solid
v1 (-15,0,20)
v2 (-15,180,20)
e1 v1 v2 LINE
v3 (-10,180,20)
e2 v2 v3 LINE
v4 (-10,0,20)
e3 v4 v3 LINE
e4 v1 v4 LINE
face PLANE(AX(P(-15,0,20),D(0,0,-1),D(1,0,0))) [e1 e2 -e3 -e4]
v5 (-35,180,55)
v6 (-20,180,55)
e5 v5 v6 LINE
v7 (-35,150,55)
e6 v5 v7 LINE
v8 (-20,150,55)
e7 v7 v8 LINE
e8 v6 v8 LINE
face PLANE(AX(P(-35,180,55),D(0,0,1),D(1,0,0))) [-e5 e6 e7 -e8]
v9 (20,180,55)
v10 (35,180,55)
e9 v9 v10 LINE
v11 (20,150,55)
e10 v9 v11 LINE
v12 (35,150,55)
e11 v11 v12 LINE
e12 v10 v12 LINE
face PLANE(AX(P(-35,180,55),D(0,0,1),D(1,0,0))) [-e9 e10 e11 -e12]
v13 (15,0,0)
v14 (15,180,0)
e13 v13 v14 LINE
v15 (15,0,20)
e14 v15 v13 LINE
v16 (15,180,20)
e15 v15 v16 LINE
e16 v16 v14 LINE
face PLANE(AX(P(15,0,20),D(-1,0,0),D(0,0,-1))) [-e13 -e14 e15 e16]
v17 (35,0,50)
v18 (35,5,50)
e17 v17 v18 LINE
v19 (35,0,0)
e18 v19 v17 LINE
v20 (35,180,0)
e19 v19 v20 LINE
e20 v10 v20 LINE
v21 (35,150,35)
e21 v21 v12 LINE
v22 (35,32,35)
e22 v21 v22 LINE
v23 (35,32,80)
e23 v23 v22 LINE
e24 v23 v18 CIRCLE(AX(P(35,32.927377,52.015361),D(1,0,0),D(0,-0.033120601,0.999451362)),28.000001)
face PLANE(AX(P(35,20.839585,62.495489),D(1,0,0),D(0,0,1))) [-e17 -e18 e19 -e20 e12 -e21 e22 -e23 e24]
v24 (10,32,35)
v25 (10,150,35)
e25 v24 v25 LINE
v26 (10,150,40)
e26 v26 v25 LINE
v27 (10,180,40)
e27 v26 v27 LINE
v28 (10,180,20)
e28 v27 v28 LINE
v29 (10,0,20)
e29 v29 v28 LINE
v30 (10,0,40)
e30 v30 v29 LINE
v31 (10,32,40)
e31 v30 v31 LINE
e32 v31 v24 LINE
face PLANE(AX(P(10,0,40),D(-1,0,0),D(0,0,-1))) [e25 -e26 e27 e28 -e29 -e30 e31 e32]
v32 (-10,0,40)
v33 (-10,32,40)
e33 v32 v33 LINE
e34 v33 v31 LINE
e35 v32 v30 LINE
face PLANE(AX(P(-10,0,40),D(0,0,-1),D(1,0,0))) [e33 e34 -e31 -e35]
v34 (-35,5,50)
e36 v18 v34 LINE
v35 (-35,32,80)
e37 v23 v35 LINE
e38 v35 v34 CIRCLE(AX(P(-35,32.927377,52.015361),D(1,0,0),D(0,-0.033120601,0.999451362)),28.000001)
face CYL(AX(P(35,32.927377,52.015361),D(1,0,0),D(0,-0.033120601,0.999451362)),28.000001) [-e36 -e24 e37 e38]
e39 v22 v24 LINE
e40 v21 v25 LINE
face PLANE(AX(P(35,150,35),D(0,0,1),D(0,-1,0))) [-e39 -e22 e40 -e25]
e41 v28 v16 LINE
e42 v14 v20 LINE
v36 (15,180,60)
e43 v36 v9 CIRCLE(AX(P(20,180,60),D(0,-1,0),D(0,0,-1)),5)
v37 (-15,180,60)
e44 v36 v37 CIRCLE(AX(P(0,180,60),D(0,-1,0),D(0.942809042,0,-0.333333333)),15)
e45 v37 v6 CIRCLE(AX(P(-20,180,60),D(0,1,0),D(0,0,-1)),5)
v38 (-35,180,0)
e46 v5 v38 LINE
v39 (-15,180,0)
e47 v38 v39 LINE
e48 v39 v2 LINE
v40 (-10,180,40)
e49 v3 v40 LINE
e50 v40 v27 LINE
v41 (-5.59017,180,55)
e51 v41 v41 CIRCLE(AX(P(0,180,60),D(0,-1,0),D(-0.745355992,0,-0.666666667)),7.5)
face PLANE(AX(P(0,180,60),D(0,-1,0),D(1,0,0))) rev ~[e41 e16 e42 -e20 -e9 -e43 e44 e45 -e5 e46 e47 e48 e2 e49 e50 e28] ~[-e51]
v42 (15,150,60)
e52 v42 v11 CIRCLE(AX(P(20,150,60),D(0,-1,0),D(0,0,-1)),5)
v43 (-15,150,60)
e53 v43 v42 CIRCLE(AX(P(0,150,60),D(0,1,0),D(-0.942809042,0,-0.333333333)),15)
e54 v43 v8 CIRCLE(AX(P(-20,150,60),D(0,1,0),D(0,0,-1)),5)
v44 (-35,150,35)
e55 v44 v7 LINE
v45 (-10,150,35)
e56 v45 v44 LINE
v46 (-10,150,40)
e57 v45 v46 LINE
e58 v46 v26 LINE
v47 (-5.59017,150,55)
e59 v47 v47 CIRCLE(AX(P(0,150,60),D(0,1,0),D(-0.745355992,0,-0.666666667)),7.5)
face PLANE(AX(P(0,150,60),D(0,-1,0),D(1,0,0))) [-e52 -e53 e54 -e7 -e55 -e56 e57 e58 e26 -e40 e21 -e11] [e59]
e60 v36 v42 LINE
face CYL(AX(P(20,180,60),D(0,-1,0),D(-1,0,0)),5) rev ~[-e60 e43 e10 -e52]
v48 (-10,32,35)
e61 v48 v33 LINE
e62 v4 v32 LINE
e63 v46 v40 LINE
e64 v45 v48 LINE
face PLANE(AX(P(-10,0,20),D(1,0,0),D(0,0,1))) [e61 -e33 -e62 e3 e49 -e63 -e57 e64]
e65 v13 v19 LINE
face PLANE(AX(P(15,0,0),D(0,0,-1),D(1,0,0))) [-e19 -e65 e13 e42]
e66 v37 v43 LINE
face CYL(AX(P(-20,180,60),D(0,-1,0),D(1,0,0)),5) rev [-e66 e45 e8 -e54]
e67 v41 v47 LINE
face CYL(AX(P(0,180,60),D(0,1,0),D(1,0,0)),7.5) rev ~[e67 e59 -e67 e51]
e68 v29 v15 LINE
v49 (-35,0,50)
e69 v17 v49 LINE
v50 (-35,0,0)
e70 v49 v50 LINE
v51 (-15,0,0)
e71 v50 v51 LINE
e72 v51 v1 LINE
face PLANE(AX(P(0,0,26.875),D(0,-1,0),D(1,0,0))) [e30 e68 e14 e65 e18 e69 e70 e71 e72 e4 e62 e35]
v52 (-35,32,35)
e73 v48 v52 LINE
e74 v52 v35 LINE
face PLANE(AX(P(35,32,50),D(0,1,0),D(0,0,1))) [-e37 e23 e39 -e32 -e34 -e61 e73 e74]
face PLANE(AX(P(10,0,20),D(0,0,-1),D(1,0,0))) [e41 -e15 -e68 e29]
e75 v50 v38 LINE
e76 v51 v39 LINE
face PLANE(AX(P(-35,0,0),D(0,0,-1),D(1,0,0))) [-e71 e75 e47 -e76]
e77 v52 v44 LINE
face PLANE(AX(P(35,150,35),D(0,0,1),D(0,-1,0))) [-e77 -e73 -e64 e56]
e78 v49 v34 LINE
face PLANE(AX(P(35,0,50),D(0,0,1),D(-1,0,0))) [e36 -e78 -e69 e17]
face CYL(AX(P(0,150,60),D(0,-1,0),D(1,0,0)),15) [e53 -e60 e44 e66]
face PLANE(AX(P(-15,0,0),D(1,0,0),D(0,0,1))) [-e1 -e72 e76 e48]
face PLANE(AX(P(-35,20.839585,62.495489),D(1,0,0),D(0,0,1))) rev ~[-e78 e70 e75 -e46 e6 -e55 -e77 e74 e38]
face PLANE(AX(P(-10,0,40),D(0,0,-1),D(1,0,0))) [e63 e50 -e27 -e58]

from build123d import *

# Parameters (mm, degrees)
PAD_DEPTH       = 180
SKETCH001_W     = 29.620193
SKETCH001_H     = 118
POCKET_DEPTH    = 70.001
SKETCH002_W     = 70
SKETCH002_H     = 7.16013
PAD001_DEPTH    = 30
SKETCH003_R     = 15
SKETCH003_R_2   = 7.5
PAD002_DEPTH    = 30
FILLET_R        = 5
FILLET001_R     = 5
SKETCH004_R     = 7.5
POCKET001_DEPTH = 30
PAD003_DEPTH    = 70


with BuildPart() as part:
    # Sketch → Pad (new body)
    with BuildSketch(Plane.XZ):
        Polygon((15, 0), (35, 0), (35, 50), (-35, 50), (-35, 0), (-15, 0), (-15, 20), (-10, 20), (-10, 40), (10, 40), (10, 20), (15, 20), align=None)
    extrude(amount=-PAD_DEPTH)

    # Sketch001 → Pocket (cut, through all)
    with BuildSketch(Plane(origin=(35, 0, 0), x_dir=(0, 0, 1), z_dir=(1, 0, 0))):
        with Locations((49.810097, -91)):
            Rectangle(SKETCH001_W, SKETCH001_H)
    extrude(amount=-POCKET_DEPTH, mode=Mode.SUBTRACT)

    # Sketch002 → Pad001 (new body)
    with BuildSketch(Plane(origin=(0, 180, 0), x_dir=(1, 0, 0), z_dir=(0, 1, 0))):
        with Locations((0, -51.419935)):
            Rectangle(SKETCH002_W, SKETCH002_H)
    extrude(amount=-PAD001_DEPTH)

    # Sketch003 → Pad002 (new body)
    with BuildSketch(Plane.XZ.offset(-150)):
        with Locations((0, 60)):
            Circle(SKETCH003_R)
        with Locations((0, 60)):
            Circle(SKETCH003_R_2, mode=Mode.SUBTRACT)
    extrude(amount=-PAD002_DEPTH)

    # Fillet
    fillet_edges = [part.edges().sort_by_distance(p)[0] for p in [
        (14.142136, 165, 55),
    ]]
    fillet(fillet_edges, radius=FILLET_R)

    # Fillet001
    fillet001_edges = [part.edges().sort_by_distance(p)[0] for p in [
        (-14.142136, 165, 55),
    ]]
    fillet(fillet001_edges, radius=FILLET001_R)

    # Sketch004 → Pocket001 (cut)
    with BuildSketch(Plane(origin=(0, 180, 0), x_dir=(1, 0, 0), z_dir=(0, 1, 0))):
        with Locations((0, -60)):
            Circle(SKETCH004_R)
    extrude(amount=-POCKET001_DEPTH, mode=Mode.SUBTRACT)

    # Sketch005 → Pad003 (new body)
    with BuildSketch(Plane(origin=(35, 0, 0), x_dir=(0, 0, 1), z_dir=(1, 0, 0))):
        with BuildLine():
            Line((50, -32), (80, -32))
            ThreePointArc((80, -32), (70.746374, -12.11514), (50, -5))
            Line((50, -32), (50, -5))
        make_face()
    extrude(amount=-PAD003_DEPTH)


solid = part.part
